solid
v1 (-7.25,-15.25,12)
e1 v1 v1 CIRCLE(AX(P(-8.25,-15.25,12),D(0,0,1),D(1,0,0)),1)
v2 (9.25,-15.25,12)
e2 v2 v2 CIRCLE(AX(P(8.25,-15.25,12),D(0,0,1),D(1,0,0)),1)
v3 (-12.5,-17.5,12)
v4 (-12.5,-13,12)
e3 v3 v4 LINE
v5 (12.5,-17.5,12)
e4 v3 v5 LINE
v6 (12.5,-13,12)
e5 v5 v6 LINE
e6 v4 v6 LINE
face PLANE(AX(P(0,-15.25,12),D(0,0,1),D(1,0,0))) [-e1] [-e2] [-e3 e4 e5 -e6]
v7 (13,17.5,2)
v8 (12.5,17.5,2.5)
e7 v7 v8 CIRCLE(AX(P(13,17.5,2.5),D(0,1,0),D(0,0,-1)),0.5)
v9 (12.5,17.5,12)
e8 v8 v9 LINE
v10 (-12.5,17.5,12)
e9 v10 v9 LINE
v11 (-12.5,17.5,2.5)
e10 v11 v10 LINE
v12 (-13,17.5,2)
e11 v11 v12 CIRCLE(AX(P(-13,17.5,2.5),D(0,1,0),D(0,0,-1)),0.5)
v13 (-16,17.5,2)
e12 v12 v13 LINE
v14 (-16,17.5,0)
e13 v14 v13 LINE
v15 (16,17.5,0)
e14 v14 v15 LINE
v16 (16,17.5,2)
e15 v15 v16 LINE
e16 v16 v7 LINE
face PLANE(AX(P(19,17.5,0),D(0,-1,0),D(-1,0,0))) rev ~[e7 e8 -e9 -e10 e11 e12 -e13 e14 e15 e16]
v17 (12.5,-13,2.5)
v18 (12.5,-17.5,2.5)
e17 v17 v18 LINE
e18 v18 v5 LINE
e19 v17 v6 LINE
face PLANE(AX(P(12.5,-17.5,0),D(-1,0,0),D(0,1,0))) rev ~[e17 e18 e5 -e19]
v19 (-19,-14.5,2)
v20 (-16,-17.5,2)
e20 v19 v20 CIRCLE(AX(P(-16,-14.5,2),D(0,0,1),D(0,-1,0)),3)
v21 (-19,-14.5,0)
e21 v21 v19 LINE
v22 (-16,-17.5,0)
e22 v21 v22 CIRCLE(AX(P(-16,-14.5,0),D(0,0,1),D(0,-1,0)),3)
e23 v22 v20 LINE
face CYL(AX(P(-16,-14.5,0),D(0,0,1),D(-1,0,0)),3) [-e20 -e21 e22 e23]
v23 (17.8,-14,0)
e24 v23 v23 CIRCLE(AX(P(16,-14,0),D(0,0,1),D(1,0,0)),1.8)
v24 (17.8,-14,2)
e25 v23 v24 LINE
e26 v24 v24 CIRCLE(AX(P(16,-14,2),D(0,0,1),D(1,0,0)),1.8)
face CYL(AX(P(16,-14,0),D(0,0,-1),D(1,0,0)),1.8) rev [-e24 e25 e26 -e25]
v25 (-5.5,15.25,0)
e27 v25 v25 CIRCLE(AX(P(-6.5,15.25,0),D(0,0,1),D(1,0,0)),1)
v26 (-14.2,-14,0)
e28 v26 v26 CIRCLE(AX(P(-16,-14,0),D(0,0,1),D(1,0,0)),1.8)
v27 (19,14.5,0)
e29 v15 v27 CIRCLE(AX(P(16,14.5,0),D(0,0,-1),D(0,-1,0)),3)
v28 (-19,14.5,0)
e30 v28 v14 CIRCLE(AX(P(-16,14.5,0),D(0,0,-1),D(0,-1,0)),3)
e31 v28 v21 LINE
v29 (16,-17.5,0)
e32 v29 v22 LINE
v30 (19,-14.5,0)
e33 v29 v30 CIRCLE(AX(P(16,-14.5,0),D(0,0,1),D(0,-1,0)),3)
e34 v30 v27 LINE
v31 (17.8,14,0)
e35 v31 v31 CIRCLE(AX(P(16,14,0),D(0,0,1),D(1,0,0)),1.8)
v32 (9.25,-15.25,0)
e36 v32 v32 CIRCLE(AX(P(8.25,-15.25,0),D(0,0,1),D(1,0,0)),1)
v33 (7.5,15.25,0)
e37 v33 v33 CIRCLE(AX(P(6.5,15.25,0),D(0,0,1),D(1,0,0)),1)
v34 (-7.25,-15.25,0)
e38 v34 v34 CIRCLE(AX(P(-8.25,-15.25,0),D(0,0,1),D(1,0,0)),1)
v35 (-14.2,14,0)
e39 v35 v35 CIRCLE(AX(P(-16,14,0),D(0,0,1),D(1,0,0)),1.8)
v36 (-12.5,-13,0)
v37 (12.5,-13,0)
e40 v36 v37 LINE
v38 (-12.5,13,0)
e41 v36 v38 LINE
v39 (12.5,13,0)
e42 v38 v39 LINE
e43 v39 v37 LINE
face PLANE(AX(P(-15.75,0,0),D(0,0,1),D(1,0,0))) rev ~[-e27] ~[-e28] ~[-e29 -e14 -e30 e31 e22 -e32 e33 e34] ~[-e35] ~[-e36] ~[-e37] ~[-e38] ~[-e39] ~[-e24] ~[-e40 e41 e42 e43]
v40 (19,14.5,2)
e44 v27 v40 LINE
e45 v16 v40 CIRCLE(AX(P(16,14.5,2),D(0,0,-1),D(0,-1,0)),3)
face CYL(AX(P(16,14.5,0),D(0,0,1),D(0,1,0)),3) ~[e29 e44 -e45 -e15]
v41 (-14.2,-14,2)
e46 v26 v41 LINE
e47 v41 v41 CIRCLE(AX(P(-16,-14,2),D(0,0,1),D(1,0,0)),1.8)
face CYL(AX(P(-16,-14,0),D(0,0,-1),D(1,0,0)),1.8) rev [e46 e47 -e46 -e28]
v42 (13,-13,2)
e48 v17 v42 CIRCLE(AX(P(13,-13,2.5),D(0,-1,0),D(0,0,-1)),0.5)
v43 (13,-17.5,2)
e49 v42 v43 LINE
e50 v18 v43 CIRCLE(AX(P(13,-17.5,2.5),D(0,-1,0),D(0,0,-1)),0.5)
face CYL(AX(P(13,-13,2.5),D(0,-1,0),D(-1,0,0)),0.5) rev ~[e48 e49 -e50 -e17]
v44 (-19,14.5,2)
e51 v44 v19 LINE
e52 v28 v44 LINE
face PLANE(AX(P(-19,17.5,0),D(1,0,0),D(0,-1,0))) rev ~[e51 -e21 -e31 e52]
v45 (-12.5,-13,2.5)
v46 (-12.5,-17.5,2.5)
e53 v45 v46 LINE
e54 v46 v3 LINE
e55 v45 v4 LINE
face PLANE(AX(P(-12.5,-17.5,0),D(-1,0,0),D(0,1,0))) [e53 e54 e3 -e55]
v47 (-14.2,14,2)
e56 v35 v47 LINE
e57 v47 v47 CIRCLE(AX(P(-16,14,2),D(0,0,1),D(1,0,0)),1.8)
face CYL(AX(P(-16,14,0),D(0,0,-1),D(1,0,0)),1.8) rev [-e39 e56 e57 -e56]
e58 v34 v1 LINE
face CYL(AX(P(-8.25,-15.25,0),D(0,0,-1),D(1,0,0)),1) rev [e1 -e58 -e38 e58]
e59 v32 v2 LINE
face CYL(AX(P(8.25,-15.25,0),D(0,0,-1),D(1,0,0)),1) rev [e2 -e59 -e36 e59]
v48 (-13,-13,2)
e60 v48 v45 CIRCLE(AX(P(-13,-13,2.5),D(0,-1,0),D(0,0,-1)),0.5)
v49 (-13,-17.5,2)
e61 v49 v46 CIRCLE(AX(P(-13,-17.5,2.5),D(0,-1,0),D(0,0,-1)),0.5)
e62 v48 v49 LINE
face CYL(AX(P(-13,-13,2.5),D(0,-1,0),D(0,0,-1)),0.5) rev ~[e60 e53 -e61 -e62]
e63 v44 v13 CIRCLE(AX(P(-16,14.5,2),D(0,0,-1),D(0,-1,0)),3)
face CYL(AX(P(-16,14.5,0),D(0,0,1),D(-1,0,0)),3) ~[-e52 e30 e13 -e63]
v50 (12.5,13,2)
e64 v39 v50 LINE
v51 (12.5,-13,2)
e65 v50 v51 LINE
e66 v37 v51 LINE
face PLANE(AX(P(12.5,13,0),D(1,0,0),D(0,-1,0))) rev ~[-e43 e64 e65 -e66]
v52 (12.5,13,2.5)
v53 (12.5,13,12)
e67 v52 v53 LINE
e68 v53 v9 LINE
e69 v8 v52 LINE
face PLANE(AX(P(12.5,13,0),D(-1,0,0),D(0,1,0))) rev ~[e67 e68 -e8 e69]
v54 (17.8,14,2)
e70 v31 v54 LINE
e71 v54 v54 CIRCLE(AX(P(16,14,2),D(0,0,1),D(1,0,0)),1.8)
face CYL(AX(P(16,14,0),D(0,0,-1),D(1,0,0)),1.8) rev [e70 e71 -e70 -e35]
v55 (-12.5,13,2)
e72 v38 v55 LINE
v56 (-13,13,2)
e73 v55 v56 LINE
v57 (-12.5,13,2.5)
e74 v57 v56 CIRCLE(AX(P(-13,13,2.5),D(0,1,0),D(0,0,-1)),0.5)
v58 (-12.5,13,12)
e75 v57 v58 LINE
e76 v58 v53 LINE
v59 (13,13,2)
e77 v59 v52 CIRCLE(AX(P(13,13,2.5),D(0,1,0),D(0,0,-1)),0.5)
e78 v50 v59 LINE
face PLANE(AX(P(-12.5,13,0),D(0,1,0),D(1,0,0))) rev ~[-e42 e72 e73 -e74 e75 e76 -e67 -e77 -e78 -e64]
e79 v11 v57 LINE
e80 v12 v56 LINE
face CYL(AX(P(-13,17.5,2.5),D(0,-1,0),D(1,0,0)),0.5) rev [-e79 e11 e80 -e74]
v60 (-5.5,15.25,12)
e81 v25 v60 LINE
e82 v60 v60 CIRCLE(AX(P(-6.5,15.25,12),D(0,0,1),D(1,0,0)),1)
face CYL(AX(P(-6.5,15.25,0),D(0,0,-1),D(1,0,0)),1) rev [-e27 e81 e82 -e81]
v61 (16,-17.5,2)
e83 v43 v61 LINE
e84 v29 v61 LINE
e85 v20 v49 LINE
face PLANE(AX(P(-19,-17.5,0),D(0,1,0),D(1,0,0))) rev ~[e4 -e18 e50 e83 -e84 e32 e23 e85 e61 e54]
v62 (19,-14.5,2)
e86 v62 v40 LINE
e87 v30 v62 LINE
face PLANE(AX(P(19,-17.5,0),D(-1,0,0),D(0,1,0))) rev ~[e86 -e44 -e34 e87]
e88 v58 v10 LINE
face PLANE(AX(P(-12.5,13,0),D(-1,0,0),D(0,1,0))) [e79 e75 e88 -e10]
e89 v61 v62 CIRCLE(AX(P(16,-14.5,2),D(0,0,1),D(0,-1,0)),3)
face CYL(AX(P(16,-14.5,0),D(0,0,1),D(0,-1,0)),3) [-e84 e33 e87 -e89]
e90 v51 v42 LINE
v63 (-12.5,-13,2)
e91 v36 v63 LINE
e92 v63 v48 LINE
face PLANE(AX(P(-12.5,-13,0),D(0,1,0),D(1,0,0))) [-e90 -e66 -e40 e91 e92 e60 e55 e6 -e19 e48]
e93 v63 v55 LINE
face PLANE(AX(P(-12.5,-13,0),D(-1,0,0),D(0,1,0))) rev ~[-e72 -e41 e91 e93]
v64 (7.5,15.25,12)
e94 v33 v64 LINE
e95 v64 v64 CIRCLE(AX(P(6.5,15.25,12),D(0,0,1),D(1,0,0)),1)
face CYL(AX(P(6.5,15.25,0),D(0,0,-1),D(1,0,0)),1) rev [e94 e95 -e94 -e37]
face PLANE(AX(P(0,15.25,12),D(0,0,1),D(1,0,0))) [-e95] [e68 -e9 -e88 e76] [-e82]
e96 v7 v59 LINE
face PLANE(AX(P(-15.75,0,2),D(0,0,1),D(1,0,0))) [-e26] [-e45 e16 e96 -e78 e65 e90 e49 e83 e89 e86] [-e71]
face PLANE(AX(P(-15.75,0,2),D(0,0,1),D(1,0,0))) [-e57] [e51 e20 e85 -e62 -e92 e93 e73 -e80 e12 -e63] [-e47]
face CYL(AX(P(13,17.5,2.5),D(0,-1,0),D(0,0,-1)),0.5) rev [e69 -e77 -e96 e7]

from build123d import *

# Parameters (mm, degrees)
F0_R     = 1.8
F0_W     = 25
F0_H     = 4.5
F0_R_2   = 1
F1_DEPTH = 2
F2_R     = 3
F3_DEPTH = 12
F4_R     = 0.5


with BuildPart() as f1:
    # F0 (on Top) → F1 (new body)
    with BuildSketch(Plane.XY):
        Polygon((-12.5, 17.5), (-19, 17.5), (-19, -17.5), (-12.5, -17.5), (-12.5, -13), (-12.5, 13), align=None)
        with Locations((-16, -14)):
            Circle(F0_R, mode=Mode.SUBTRACT)
        with Locations((-16, 14)):
            Circle(F0_R, mode=Mode.SUBTRACT)
        Polygon((19, 17.5), (12.5, 17.5), (12.5, 13), (12.5, -13), (12.5, -17.5), (19, -17.5), align=None)
        with Locations((16, -14)):
            Circle(F0_R, mode=Mode.SUBTRACT)
        with Locations((16, 14)):
            Circle(F0_R, mode=Mode.SUBTRACT)
        with Locations((0, 15.25)):
            Rectangle(F0_W, F0_H)
        with Locations((-6.5, 15.25)):
            Circle(F0_R_2, mode=Mode.SUBTRACT)
        with Locations((6.5, 15.25)):
            Circle(F0_R_2, mode=Mode.SUBTRACT)
        with Locations((0, -15.25)):
            Rectangle(F0_W, F0_H)
        with Locations((-8.25, -15.25)):
            Circle(F0_R_2, mode=Mode.SUBTRACT)
        with Locations((8.25, -15.25)):
            Circle(F0_R_2, mode=Mode.SUBTRACT)
    extrude(amount=F1_DEPTH)

    # F2
    f2_edges = [f1.edges().sort_by_distance(p)[0] for p in [
        (-19, 17.5, 1),
        (19, 17.5, 1),
        (19, -17.5, 1),
        (-19, -17.5, 1),
    ]]
    fillet(f2_edges, radius=F2_R)

    # F0 (on Top) → F3 (join)
    with BuildSketch(Plane.XY):
        with Locations((0, 15.25)):
            Rectangle(F0_W, F0_H)
        with Locations((-6.5, 15.25)):
            Circle(F0_R_2, mode=Mode.SUBTRACT)
        with Locations((6.5, 15.25)):
            Circle(F0_R_2, mode=Mode.SUBTRACT)
        with Locations((0, -15.25)):
            Rectangle(F0_W, F0_H)
        with Locations((-8.25, -15.25)):
            Circle(F0_R_2, mode=Mode.SUBTRACT)
        with Locations((8.25, -15.25)):
            Circle(F0_R_2, mode=Mode.SUBTRACT)
    extrude(amount=F3_DEPTH)

    # F4
    f4_edges = [f1.edges().sort_by_distance(p)[0] for p in [
        (-12.5, 15.25, 2),
        (-12.5, -15.25, 2),
        (12.5, 15.25, 2),
        (12.5, -15.25, 2),
    ]]
    fillet(f4_edges, radius=F4_R)


solid = f1.part
